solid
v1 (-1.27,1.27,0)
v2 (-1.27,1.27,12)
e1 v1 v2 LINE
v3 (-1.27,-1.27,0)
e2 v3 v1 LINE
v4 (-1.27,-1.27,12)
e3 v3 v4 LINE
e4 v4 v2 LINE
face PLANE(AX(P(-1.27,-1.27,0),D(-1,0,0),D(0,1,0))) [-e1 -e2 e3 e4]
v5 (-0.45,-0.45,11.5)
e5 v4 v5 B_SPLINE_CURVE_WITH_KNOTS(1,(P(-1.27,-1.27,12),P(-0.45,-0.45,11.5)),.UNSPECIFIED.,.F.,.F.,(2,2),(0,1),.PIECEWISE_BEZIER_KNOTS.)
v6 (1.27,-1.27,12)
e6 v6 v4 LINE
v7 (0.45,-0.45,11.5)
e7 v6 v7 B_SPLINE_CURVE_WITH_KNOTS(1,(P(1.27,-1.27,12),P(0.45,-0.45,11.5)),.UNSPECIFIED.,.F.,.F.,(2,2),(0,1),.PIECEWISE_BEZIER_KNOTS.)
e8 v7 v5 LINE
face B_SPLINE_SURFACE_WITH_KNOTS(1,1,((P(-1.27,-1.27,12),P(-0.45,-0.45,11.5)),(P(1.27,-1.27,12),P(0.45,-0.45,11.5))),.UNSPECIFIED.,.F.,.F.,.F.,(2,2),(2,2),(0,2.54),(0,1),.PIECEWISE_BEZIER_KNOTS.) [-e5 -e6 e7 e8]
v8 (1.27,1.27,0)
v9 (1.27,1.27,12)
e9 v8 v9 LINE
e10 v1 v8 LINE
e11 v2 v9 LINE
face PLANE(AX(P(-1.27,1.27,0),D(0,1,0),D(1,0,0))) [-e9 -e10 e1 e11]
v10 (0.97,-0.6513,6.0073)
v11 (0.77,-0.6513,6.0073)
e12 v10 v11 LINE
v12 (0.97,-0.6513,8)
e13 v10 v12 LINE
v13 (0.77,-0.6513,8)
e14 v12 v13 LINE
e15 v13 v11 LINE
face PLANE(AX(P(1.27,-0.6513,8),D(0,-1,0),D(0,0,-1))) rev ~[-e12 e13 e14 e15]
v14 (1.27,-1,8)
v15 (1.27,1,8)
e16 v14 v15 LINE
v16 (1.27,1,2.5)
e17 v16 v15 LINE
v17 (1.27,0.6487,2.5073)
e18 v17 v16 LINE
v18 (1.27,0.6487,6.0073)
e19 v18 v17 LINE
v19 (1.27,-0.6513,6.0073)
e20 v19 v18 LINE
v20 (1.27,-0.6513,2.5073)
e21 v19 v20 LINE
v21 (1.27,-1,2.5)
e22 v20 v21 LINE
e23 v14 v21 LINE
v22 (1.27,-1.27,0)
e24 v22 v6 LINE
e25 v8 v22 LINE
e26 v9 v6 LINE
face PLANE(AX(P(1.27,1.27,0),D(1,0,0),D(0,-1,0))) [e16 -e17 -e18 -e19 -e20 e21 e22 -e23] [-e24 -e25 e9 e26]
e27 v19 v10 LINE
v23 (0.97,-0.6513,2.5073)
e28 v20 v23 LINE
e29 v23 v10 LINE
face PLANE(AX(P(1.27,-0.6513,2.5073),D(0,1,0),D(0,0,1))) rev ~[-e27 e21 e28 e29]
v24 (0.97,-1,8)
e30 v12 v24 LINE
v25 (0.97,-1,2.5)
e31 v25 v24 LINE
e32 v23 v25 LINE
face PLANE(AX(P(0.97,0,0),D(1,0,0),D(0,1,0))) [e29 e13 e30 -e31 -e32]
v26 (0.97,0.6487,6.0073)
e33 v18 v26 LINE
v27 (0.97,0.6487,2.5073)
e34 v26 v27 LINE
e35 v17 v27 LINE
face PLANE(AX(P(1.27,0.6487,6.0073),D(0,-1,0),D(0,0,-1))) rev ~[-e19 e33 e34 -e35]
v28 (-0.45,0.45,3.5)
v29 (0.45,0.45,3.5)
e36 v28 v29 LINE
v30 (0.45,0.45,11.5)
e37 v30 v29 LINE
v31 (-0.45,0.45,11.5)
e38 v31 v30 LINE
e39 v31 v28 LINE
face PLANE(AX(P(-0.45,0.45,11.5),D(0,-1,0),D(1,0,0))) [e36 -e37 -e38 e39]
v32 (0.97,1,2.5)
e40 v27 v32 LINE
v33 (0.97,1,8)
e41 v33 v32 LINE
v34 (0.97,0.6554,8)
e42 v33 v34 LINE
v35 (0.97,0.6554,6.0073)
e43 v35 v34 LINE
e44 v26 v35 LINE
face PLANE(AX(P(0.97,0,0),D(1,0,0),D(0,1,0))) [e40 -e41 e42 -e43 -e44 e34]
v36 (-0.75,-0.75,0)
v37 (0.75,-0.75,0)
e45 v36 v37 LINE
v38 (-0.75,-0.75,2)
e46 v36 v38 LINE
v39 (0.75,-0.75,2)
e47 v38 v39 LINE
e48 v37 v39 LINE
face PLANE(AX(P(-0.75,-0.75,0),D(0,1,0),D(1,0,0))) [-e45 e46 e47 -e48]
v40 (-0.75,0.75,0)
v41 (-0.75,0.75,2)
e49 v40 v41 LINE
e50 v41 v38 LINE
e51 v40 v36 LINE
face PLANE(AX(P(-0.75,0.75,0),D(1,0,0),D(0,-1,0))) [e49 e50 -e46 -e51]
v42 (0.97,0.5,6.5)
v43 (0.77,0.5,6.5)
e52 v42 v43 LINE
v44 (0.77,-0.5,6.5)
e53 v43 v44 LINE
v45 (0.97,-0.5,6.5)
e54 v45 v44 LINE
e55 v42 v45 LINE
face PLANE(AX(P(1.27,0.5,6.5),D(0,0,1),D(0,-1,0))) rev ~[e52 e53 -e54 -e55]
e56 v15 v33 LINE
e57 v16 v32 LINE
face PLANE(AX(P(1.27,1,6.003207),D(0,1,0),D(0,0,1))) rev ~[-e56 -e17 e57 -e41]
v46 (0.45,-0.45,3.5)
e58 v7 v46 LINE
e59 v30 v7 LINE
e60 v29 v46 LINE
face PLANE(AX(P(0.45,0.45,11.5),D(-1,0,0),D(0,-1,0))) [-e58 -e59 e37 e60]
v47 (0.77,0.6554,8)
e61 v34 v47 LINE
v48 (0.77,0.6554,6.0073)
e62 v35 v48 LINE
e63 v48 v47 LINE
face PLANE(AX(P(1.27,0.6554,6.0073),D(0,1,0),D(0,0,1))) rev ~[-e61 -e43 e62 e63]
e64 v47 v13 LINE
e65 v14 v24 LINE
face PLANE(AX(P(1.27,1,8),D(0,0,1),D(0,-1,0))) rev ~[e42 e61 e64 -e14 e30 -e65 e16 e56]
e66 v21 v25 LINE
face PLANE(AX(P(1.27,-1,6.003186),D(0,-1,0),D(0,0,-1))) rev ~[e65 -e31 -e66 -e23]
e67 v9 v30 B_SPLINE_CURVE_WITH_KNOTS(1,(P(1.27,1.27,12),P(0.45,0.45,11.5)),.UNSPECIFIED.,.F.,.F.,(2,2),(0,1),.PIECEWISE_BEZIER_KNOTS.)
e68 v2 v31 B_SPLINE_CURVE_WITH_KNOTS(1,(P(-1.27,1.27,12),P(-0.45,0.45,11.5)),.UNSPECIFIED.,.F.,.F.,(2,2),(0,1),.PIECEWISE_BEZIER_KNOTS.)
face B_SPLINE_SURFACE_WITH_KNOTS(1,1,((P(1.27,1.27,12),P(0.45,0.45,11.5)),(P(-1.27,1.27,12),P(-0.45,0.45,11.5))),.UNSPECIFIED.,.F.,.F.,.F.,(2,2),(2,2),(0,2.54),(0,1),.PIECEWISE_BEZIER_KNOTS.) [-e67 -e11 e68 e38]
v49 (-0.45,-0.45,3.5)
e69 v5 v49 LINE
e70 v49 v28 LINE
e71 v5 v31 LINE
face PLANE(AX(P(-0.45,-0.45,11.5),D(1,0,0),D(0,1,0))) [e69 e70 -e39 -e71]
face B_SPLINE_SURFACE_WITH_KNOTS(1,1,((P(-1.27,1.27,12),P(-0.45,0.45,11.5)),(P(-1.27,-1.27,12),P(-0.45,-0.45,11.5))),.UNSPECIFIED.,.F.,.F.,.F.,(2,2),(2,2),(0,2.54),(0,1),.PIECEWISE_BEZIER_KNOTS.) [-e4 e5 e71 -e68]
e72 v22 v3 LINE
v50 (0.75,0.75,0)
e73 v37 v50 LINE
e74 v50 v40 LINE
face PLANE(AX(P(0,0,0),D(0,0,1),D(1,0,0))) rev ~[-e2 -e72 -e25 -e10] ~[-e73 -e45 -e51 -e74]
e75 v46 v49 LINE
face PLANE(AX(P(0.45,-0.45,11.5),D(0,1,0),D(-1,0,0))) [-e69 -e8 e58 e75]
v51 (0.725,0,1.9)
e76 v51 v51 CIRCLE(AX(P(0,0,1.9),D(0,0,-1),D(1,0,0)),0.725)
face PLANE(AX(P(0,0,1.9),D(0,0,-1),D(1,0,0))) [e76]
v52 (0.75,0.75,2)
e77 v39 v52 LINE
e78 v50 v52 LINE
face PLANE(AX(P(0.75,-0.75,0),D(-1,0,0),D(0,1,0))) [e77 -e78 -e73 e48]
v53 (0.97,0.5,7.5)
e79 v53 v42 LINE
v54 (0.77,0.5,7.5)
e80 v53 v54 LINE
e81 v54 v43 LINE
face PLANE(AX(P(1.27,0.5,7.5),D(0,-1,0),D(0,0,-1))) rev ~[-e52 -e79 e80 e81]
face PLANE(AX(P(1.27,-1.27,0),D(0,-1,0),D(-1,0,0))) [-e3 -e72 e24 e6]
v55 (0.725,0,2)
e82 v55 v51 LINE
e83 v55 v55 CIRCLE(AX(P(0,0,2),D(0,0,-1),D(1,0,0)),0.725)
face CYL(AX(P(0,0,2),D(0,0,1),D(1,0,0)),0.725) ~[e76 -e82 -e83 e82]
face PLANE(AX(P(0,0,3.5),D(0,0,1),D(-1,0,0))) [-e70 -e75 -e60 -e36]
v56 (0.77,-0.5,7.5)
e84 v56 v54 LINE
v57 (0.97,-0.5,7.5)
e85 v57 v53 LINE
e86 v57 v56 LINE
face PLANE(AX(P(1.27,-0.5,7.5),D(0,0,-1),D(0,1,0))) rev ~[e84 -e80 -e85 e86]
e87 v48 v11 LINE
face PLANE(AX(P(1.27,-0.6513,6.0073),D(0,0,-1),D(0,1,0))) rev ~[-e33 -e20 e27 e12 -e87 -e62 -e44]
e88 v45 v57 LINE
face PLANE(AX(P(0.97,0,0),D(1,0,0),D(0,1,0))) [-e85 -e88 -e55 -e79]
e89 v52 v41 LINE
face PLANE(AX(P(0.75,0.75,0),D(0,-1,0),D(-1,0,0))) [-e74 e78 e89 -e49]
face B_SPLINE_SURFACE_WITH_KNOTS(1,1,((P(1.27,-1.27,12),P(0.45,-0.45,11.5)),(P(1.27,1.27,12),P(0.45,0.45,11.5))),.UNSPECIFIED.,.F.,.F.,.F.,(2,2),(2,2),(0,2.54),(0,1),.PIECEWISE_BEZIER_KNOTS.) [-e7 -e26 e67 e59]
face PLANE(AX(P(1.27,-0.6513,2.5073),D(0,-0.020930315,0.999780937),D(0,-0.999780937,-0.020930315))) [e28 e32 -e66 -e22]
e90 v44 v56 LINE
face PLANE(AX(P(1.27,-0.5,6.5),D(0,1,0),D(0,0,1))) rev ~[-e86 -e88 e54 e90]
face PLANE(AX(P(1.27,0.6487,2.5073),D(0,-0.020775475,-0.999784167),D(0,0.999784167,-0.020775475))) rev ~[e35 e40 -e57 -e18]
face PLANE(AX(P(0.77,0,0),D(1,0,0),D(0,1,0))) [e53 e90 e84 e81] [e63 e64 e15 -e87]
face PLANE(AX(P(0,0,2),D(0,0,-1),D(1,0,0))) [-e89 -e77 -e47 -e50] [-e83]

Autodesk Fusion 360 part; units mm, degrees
sketch "Sketch1" plane through (0, 0, 0) normal (0, 0, 1) x (1, 0, 0)
  line L0 (1.27, -1.27) -> (-1.27, -1.27)
  line L1 (-1.27, -1.27) -> (-1.27, 1.27)
  line L2 (-1.27, 1.27) -> (1.27, 1.27)
  line L3 (1.27, 1.27) -> (1.27, -1.27)
  line L4 (1.27, -1.27) -> (-1.27, 1.27) construction
  line L5 (-1.27, -1.27) -> (1.27, 1.27) construction
  dimension "d1" = 2.54
  dimension "d2" = 2.54
extrude "Extrude1" add sketch "Sketch1" along normal blind 12
sketch "Sketch2" plane through (0, 0, 12) normal (0, 0, 1) x (-1, 0, 0)
  line L0 (-1.27, -1.27) -> (1.27, -1.27)
  line L1 (1.27, -1.27) -> (1.27, 1.27)
  line L2 (1.27, 1.27) -> (-1.27, 1.27)
  line L3 (-1.27, 1.27) -> (-1.27, -1.27)
  line L4 (-0.45, 0.45) -> (0.45, 0.45)
  line L5 (0.45, 0.45) -> (0.45, -0.45)
  line L6 (0.45, -0.45) -> (-0.45, -0.45)
  line L7 (-0.45, -0.45) -> (-0.45, 0.45)
  line L8 (-0.45, 0.45) -> (0.45, -0.45) construction
  line L9 (0.45, 0.45) -> (-0.45, -0.45) construction
  dimension "d5" = 0.9
  dimension "d6" = 0.9
extrude "Extrude2" cut sketch "Sketch2" against normal blind 0.5 contours L4 L5 L6 L7
loft "Loft1" cut profiles "Sketch2" section 1 section 2 face at (0.15, -0.15, 11.5)
extrude "Extrude3" cut 1 faces at (0.15, -0.15, 11.5) along direction (0, 0, -1) blind 8
sketch "Sketch3" plane through (1.27, 0, 0) normal (1, 0, 0) x (0, 1, 0)
  line L0 (-1.27, 0) -> (1.27, 0)
  line L1 (1.27, 0) -> (1.27, 12)
  line L2 (1.27, 12) -> (-1.27, 12)
  line L3 (-1.27, 12) -> (-1.27, 0)
  line L4 (1, 8) -> (-1, 8)
  line L5 (-1, 8) -> (-1, 2.5)
  line L6 (-1, 2.5) -> (1, 2.5)
  line L7 (1, 2.5) -> (1, 8)
  line L8 (1, 8) -> (-1, 2.5) construction
  line L9 (-1, 8) -> (1, 2.5) construction
  line L10 (0.6487, 2.5073) -> (-0.6513, 2.5073)
  line L11 (-0.6513, 2.5073) -> (-0.6513, 6.0073)
  line L12 (-0.6513, 6.0073) -> (0.6487, 6.0073)
  line L13 (0.6487, 6.0073) -> (0.6487, 2.5073)
  line L14 (0.6487, 2.5073) -> (-0.6513, 6.0073) construction
  line L15 (-0.6513, 2.5073) -> (0.6487, 6.0073) construction
  line L16 (-0.6513, 6.0073) -> (0.6554, 6.0073)
  line L17 (0.6554, 6.0073) -> (0.6554, 8.0073)
  line L18 (0.6554, 8.0073) -> (-0.6513, 8.0073)
  line L19 (-0.6513, 8.0073) -> (-0.6513, 6.0073)
  line L20 (0.5, 6.5) -> (-0.5, 6.5)
  line L21 (-0.5, 6.5) -> (-0.5, 7.5)
  line L22 (-0.5, 7.5) -> (0.5, 7.5)
  line L23 (0.5, 7.5) -> (0.5, 6.5)
  line L24 (0.5, 6.5) -> (-0.5, 7.5) construction
  line L25 (-0.5, 6.5) -> (0.5, 7.5) construction
  line L26 (-1.27, 6) -> (-0.6513, 6.0073)
  line L27 (0.6554, 6.0073) -> (1.27, 6)
  line L28 (0.6487, 2.5073) -> (1, 2.5)
  line L29 (-0.6513, 2.5073) -> (-1, 2.5)
  point P0 (0, 5.25)
  point P1 (-0.0013, 4.2573)
  point P2 (0, 7)
  dimension "d11" = 5.5
  dimension "d12" = 2.5
  dimension "d13" = 1.3
  dimension "d14" = 3.5
  dimension "d15" = 2
  dimension "d16" = 1
  dimension "d17" = 1
extrude "Extrude4" cut sketch "Sketch3" against normal blind 0.3 contours L5 L11 L26 L29 | L4 L5 L19 L26 | L4 L7 L17 L27 | L7 L13 L16 L27 L28
extrude "Extrude5" cut sketch "Sketch3" against normal blind 0.5 contours L4 L12 L16 L17 L19
extrude "Extrude6" cut sketch "Sketch3" against normal blind 0.3 contours L20 L21 L22 L23
sketch "Sketch4" plane through (0, 0, 0) normal (0, 0, -1) x (1, 0, 0)
  line L0 (-1.27, -1.27) -> (1.27, -1.27)
  line L1 (1.27, -1.27) -> (1.27, 1.27)
  line L2 (1.27, 1.27) -> (-1.27, 1.27)
  line L3 (-1.27, 1.27) -> (-1.27, -1.27)
  line L4 (0.75, -0.75) -> (-0.75, -0.75)
  line L5 (-0.75, -0.75) -> (-0.75, 0.75)
  line L6 (-0.75, 0.75) -> (0.75, 0.75)
  line L7 (0.75, 0.75) -> (0.75, -0.75)
  line L8 (0.75, -0.75) -> (-0.75, 0.75) construction
  line L9 (-0.75, -0.75) -> (0.75, 0.75) construction
  dimension "d24" = 1.5
  dimension "d25" = 1.5
extrude "Extrude7" cut sketch "Sketch4" against normal blind 2 contours L4 L5 L6 L7
sketch "Sketch5" plane through (0, 0, 2) normal (0, 0, -1) x (1, 0, 0)
  line L0 (0.75, 0.75) -> (-0.75, 0.75)
  line L1 (-0.75, 0.75) -> (-0.75, -0.75)
  line L2 (-0.75, -0.75) -> (0.75, -0.75)
  line L3 (0.75, -0.75) -> (0.75, 0.75)
  circle A0 centre (0, 0) radius 0.725
  dimension "d28" = 1.45
extrude "Extrude8" add sketch "Sketch5" along normal blind 0.1 contours A0
